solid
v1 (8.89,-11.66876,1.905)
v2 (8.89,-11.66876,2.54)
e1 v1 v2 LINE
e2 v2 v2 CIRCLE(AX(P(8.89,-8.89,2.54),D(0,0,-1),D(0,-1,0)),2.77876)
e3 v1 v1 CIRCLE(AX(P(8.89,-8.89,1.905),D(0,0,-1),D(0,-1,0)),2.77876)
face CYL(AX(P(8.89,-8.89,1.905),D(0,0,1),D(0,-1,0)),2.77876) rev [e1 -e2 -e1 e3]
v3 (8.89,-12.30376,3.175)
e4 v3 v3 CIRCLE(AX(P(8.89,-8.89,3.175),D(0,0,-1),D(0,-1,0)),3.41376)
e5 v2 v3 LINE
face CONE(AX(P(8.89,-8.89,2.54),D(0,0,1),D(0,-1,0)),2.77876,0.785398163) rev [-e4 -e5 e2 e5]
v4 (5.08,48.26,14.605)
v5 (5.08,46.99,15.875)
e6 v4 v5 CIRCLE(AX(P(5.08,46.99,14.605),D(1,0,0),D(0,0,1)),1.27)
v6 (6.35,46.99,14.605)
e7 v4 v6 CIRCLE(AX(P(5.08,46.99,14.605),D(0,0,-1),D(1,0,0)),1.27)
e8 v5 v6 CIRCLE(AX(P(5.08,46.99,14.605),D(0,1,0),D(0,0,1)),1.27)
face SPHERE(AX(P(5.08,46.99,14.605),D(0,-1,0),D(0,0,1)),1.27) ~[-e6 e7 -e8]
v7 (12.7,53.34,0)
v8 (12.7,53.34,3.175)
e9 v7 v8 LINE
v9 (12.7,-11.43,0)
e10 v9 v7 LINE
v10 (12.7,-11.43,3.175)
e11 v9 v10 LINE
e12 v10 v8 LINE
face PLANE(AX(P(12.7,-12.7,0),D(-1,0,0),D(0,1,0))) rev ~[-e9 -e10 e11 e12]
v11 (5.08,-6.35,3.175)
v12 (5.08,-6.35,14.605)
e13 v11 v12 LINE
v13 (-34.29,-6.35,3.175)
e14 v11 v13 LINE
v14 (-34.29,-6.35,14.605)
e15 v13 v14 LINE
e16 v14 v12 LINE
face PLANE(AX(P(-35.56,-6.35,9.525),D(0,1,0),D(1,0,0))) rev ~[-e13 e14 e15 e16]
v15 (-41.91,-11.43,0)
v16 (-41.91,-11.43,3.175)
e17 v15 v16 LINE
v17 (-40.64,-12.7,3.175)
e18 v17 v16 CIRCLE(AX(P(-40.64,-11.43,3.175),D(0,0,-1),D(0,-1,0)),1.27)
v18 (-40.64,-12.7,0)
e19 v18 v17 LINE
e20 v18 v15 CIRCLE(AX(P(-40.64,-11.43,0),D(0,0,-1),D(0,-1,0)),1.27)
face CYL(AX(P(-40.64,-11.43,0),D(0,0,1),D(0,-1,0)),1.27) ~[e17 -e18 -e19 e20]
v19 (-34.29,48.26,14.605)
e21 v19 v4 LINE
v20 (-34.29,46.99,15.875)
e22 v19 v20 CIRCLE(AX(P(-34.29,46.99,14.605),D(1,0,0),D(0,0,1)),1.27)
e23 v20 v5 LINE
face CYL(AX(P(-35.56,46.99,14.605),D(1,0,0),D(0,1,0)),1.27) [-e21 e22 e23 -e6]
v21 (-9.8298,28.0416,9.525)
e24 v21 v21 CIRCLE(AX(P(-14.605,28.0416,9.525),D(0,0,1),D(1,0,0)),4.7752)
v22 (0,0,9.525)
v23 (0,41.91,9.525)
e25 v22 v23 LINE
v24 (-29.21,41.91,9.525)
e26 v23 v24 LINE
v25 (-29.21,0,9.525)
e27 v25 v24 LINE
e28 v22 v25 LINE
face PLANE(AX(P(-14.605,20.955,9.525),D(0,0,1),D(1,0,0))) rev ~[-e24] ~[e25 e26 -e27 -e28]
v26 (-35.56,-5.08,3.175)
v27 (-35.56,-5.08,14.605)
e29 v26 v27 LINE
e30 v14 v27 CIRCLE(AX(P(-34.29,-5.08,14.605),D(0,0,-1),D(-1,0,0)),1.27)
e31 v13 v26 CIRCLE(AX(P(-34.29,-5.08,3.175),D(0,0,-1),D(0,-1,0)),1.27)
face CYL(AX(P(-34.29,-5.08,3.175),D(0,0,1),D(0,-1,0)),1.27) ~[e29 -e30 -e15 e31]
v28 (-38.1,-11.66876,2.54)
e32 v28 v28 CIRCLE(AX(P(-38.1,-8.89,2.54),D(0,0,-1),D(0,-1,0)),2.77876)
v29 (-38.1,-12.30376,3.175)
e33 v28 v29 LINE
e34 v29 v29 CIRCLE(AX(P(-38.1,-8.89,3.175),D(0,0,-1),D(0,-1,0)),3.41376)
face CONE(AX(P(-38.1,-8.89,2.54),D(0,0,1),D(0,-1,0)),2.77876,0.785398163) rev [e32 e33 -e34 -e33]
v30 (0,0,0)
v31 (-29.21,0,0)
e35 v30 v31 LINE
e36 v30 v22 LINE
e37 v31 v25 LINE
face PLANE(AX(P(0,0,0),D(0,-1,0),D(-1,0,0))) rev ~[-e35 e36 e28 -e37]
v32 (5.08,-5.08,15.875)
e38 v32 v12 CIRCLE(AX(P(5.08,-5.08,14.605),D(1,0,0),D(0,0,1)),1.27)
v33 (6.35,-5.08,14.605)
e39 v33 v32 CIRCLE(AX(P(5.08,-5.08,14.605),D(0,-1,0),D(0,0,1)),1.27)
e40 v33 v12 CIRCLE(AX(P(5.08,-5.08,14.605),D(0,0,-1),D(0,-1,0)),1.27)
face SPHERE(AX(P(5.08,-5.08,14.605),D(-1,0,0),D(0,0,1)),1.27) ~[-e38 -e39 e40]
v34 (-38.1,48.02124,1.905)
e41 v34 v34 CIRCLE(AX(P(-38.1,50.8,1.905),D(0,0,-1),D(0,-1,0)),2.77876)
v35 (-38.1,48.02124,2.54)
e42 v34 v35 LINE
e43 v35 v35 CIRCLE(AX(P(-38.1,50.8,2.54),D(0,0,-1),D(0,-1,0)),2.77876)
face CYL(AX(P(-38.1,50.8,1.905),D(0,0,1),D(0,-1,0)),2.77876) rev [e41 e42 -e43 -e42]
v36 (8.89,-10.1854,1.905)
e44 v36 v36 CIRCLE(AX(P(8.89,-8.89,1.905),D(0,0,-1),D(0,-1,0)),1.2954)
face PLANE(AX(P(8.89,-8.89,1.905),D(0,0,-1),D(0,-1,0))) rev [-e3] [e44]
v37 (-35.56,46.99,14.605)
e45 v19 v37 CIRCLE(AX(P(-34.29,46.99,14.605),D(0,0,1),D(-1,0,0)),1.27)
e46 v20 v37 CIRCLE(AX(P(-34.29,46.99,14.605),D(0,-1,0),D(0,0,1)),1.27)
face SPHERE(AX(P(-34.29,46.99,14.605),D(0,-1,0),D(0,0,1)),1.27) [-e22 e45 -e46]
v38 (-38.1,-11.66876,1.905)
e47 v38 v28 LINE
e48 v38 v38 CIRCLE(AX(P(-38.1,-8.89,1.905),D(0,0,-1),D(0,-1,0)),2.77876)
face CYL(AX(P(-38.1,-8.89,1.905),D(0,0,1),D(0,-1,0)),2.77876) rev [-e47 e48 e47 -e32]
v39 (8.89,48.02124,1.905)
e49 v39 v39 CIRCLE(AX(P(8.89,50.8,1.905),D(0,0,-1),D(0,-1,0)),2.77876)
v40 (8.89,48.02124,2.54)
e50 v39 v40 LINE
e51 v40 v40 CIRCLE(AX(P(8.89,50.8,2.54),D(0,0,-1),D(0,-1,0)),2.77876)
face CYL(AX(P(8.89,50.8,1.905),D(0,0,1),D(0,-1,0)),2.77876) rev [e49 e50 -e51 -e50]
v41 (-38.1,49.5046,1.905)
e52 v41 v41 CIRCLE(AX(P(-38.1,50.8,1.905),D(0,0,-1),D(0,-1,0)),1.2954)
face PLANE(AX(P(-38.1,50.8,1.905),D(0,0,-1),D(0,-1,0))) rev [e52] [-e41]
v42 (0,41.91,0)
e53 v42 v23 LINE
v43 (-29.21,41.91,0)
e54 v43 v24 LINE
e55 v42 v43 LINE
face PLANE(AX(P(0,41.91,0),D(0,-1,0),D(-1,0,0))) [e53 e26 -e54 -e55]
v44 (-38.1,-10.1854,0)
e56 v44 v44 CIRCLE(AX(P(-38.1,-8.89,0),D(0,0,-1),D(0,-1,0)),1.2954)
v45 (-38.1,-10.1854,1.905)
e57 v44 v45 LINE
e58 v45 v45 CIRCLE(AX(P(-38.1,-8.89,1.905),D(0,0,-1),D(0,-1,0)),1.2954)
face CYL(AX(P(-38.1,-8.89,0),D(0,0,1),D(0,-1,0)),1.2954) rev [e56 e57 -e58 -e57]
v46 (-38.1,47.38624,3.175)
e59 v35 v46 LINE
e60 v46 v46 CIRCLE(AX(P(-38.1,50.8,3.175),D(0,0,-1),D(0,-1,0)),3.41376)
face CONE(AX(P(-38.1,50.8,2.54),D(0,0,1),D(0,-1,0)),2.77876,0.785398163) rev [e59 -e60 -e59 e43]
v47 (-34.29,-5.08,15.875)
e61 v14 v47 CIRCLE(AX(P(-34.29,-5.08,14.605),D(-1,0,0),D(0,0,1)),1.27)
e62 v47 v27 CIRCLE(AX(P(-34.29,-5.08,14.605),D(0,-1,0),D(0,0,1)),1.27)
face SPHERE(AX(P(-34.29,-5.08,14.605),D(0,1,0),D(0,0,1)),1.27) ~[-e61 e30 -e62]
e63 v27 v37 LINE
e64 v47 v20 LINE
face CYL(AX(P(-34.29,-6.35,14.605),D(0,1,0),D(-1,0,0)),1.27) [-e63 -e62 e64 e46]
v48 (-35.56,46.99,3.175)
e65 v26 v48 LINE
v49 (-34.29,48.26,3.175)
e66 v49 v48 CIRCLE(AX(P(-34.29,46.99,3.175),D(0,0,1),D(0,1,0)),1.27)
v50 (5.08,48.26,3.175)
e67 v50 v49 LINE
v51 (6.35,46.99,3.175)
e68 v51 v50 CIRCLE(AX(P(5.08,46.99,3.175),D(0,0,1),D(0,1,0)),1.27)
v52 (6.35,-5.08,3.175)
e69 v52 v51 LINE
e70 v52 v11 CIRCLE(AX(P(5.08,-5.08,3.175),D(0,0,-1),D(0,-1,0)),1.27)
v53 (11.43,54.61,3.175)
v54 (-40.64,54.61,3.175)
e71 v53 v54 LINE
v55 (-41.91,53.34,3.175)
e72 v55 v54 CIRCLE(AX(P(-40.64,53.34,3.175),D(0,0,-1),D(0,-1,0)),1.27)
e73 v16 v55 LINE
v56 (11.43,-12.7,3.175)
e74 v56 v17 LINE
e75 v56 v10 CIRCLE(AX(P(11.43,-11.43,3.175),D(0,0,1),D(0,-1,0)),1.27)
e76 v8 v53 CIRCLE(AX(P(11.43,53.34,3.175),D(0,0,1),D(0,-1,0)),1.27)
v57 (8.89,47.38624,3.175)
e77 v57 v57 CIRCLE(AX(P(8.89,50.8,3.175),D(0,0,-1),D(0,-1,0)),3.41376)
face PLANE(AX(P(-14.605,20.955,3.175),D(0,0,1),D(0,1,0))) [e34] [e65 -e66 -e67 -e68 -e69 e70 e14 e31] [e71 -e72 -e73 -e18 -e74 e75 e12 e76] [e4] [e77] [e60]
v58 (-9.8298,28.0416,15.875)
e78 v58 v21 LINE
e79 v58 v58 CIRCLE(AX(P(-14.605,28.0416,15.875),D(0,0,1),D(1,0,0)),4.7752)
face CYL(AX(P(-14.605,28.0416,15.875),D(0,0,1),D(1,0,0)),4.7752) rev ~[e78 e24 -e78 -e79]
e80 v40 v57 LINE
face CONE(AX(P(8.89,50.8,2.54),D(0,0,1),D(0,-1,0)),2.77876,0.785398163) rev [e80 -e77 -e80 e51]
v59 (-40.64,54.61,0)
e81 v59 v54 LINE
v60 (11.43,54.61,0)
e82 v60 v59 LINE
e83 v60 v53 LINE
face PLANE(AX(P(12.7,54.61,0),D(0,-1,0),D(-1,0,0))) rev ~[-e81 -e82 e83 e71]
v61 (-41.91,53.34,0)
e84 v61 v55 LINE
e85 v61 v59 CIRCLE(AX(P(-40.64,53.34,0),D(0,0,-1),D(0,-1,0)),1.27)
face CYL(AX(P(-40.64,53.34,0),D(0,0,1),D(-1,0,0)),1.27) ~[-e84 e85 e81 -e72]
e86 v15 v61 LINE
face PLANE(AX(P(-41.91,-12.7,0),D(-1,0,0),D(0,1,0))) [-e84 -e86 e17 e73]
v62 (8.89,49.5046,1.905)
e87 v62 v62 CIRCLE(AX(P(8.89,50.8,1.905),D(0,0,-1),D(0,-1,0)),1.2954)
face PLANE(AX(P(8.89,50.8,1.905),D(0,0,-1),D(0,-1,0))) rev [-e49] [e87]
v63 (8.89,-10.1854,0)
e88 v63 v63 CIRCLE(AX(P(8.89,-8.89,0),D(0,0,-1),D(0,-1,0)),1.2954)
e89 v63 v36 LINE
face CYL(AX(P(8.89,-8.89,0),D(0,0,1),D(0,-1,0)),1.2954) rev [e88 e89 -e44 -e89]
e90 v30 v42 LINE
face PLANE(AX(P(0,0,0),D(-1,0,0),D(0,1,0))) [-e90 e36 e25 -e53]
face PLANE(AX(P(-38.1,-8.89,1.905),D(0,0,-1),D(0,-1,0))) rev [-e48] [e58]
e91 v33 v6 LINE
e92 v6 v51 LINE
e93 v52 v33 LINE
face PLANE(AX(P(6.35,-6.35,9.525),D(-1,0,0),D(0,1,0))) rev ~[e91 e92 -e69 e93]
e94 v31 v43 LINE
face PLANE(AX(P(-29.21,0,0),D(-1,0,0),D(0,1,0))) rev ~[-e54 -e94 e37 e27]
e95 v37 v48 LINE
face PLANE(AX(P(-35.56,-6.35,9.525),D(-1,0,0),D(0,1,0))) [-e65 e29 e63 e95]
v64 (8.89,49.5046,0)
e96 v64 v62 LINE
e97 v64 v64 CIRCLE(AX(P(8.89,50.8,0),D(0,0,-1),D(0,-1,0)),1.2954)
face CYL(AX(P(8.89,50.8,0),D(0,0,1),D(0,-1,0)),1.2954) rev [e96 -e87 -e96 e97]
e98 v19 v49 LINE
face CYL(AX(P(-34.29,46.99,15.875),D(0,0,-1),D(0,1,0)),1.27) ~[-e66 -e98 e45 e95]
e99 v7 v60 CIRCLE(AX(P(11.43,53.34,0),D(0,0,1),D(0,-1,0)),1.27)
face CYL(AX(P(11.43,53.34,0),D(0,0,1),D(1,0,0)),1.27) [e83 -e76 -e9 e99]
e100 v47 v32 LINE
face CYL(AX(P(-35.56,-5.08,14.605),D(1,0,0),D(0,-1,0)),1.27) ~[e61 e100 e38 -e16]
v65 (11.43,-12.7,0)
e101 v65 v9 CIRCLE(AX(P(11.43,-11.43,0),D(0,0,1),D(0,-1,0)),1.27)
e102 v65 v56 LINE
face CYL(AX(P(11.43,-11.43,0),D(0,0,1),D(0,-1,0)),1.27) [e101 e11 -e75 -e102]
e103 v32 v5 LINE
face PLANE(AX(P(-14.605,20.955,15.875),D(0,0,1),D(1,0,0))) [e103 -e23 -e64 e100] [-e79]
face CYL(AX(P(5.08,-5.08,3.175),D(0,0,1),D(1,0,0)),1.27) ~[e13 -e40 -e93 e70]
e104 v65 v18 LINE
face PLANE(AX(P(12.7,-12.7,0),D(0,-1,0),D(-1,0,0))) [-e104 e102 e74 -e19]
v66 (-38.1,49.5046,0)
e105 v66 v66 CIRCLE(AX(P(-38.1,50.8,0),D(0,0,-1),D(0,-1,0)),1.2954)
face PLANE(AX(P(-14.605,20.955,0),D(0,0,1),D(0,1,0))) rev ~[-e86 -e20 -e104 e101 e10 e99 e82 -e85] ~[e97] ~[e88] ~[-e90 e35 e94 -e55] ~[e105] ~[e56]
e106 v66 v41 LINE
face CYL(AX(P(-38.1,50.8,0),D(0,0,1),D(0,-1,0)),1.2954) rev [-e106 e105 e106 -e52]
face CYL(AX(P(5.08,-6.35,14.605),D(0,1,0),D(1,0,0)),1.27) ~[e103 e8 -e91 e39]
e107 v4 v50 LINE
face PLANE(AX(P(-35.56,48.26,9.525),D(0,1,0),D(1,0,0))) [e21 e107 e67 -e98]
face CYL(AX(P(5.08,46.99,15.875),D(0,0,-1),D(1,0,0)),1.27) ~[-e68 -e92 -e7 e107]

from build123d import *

# Parameters (mm, degrees)
SKETCH2_W                                   = 54.61
SKETCH2_H                                   = 41.91
SKETCH2_W_2                                 = 41.91
SKETCH2_H_2                                 = 29.21
BOSS_EXTRUDE1_DEPTH                         = 9.525
SKETCH4_W                                   = 41.91
SKETCH4_H                                   = 54.61
BOSS_EXTRUDE2_DEPTH                         = 6.35
SKETCH6_R                                   = 4.7752
CUT_EXTRUDE1_DEPTH                          = 63.012553769
SKETCH7_W                                   = 67.31
SKETCH7_H                                   = 54.61
SKETCH7_W_2                                 = 54.61
SKETCH7_H_2                                 = 41.91
BOSS_EXTRUDE3_DEPTH                         = 3.175
CBORE_FOR_2_BINDING_HEAD_MACHINE_SC_2_COUNT = 2
CBORE_FOR_2_BINDING_HEAD_MACHINE_SC_2_PITCH = 46.99
CBORE_FOR_2_BINDING_HEAD_MACHINE_SC_3_COUNT = 2
CBORE_FOR_2_BINDING_HEAD_MACHINE_SC_3_PITCH = 75.966809858
CBORE_FOR_2_BINDING_HEAD_MACHINE_SC_4_COUNT = 2
CBORE_FOR_2_BINDING_HEAD_MACHINE_SC_4_PITCH = 59.69
FILLET1_R                                   = 1.27


with BuildPart() as part:
    # Sketch2 → Boss-Extrude1 (new body)
    with BuildSketch(Plane(origin=(0, 0, 0), x_dir=(0, 1, 0), z_dir=(0, 0, 1))):
        with Locations((20.955, 14.605)):
            Rectangle(SKETCH2_W, SKETCH2_H)
        with Locations((20.955, 14.605)):
            Rectangle(SKETCH2_W_2, SKETCH2_H_2, mode=Mode.SUBTRACT)
    extrude(amount=BOSS_EXTRUDE1_DEPTH)

    # Sketch4 → Boss-Extrude2 (add)
    with BuildSketch(Plane.XY.offset(9.525)):
        with Locations((-14.605, 20.955)):
            Rectangle(SKETCH4_W, SKETCH4_H)
    extrude(amount=BOSS_EXTRUDE2_DEPTH)

    # Sketch6 → Cut-Extrude1 (cut, through all)
    with BuildSketch(Plane.XY.offset(15.875)):
        with Locations((-14.605, 28.0416)):
            Circle(SKETCH6_R)
    extrude(amount=-CUT_EXTRUDE1_DEPTH, mode=Mode.SUBTRACT)

    # Sketch7 → Boss-Extrude3 (add)
    with BuildSketch(Plane(origin=(0, 0, 0), x_dir=(0, 1, 0), z_dir=(0, 0, 1))):
        with Locations((20.955, 14.605)):
            Rectangle(SKETCH7_W, SKETCH7_H)
        with Locations((20.955, 14.605)):
            Rectangle(SKETCH7_W_2, SKETCH7_H_2, mode=Mode.SUBTRACT)
    extrude(amount=BOSS_EXTRUDE3_DEPTH)

    # Sketch9 → CBORE for #2 Binding Head Machine Screw1 (revolve, cut)
    with BuildSketch(Plane(origin=(-38.1, 50.8, 3.175), x_dir=(0, -1, 0), z_dir=(1, 0, 0))):
        Polygon((0, 0), (0, 3.175), (1.2954, 3.175), (1.2954, 1.27), (2.77876, 1.27), (2.77876, 0.635), (3.41376, 0), align=None)
    cbore_for_2_binding_head_machine_screw1 = revolve(axis=Axis((-38.1, 50.8, 9.525), (0, 0, -1)), mode=Mode.SUBTRACT)

    # CBORE for _2 Binding Head Machine Sc 2: CBORE for #2 Binding Head Machine Screw1 ×2
    with Locations(*[(i * CBORE_FOR_2_BINDING_HEAD_MACHINE_SC_2_PITCH, 0, 0) for i in range(1, CBORE_FOR_2_BINDING_HEAD_MACHINE_SC_2_COUNT)]):
        add(cbore_for_2_binding_head_machine_screw1, mode=Mode.SUBTRACT)

    # CBORE for _2 Binding Head Machine Sc 3: CBORE for #2 Binding Head Machine Screw1 ×2
    with Locations(*[Vector(0.6185596063312605, -0.7857378783126826, 0) * (i * CBORE_FOR_2_BINDING_HEAD_MACHINE_SC_3_PITCH) for i in range(1, CBORE_FOR_2_BINDING_HEAD_MACHINE_SC_3_COUNT)]):
        add(cbore_for_2_binding_head_machine_screw1, mode=Mode.SUBTRACT)

    # CBORE for _2 Binding Head Machine Sc 4: CBORE for #2 Binding Head Machine Screw1 ×2
    with Locations(*[(0, -i * CBORE_FOR_2_BINDING_HEAD_MACHINE_SC_4_PITCH, 0) for i in range(1, CBORE_FOR_2_BINDING_HEAD_MACHINE_SC_4_COUNT)]):
        add(cbore_for_2_binding_head_machine_screw1, mode=Mode.SUBTRACT)

    # Fillet1
    fillet1_edges = [part.edges().sort_by_distance(p)[0] for p in [
        (-35.56, 20.955, 15.875),
        (-14.605, -6.35, 15.875),
        (6.35, 20.955, 15.875),
        (-14.605, 48.26, 15.875),
        (-41.91, -12.7, 1.5875),
        (12.7, -12.7, 1.5875),
        (12.7, 54.61, 1.5875),
        (-41.91, 54.61, 1.5875),
        (-35.56, -6.35, 9.525),
        (-35.56, 48.26, 9.525),
        (6.35, 48.26, 9.525),
        (6.35, -6.35, 9.525),
    ]]
    fillet(fillet1_edges, radius=FILLET1_R)


solid = part.part
